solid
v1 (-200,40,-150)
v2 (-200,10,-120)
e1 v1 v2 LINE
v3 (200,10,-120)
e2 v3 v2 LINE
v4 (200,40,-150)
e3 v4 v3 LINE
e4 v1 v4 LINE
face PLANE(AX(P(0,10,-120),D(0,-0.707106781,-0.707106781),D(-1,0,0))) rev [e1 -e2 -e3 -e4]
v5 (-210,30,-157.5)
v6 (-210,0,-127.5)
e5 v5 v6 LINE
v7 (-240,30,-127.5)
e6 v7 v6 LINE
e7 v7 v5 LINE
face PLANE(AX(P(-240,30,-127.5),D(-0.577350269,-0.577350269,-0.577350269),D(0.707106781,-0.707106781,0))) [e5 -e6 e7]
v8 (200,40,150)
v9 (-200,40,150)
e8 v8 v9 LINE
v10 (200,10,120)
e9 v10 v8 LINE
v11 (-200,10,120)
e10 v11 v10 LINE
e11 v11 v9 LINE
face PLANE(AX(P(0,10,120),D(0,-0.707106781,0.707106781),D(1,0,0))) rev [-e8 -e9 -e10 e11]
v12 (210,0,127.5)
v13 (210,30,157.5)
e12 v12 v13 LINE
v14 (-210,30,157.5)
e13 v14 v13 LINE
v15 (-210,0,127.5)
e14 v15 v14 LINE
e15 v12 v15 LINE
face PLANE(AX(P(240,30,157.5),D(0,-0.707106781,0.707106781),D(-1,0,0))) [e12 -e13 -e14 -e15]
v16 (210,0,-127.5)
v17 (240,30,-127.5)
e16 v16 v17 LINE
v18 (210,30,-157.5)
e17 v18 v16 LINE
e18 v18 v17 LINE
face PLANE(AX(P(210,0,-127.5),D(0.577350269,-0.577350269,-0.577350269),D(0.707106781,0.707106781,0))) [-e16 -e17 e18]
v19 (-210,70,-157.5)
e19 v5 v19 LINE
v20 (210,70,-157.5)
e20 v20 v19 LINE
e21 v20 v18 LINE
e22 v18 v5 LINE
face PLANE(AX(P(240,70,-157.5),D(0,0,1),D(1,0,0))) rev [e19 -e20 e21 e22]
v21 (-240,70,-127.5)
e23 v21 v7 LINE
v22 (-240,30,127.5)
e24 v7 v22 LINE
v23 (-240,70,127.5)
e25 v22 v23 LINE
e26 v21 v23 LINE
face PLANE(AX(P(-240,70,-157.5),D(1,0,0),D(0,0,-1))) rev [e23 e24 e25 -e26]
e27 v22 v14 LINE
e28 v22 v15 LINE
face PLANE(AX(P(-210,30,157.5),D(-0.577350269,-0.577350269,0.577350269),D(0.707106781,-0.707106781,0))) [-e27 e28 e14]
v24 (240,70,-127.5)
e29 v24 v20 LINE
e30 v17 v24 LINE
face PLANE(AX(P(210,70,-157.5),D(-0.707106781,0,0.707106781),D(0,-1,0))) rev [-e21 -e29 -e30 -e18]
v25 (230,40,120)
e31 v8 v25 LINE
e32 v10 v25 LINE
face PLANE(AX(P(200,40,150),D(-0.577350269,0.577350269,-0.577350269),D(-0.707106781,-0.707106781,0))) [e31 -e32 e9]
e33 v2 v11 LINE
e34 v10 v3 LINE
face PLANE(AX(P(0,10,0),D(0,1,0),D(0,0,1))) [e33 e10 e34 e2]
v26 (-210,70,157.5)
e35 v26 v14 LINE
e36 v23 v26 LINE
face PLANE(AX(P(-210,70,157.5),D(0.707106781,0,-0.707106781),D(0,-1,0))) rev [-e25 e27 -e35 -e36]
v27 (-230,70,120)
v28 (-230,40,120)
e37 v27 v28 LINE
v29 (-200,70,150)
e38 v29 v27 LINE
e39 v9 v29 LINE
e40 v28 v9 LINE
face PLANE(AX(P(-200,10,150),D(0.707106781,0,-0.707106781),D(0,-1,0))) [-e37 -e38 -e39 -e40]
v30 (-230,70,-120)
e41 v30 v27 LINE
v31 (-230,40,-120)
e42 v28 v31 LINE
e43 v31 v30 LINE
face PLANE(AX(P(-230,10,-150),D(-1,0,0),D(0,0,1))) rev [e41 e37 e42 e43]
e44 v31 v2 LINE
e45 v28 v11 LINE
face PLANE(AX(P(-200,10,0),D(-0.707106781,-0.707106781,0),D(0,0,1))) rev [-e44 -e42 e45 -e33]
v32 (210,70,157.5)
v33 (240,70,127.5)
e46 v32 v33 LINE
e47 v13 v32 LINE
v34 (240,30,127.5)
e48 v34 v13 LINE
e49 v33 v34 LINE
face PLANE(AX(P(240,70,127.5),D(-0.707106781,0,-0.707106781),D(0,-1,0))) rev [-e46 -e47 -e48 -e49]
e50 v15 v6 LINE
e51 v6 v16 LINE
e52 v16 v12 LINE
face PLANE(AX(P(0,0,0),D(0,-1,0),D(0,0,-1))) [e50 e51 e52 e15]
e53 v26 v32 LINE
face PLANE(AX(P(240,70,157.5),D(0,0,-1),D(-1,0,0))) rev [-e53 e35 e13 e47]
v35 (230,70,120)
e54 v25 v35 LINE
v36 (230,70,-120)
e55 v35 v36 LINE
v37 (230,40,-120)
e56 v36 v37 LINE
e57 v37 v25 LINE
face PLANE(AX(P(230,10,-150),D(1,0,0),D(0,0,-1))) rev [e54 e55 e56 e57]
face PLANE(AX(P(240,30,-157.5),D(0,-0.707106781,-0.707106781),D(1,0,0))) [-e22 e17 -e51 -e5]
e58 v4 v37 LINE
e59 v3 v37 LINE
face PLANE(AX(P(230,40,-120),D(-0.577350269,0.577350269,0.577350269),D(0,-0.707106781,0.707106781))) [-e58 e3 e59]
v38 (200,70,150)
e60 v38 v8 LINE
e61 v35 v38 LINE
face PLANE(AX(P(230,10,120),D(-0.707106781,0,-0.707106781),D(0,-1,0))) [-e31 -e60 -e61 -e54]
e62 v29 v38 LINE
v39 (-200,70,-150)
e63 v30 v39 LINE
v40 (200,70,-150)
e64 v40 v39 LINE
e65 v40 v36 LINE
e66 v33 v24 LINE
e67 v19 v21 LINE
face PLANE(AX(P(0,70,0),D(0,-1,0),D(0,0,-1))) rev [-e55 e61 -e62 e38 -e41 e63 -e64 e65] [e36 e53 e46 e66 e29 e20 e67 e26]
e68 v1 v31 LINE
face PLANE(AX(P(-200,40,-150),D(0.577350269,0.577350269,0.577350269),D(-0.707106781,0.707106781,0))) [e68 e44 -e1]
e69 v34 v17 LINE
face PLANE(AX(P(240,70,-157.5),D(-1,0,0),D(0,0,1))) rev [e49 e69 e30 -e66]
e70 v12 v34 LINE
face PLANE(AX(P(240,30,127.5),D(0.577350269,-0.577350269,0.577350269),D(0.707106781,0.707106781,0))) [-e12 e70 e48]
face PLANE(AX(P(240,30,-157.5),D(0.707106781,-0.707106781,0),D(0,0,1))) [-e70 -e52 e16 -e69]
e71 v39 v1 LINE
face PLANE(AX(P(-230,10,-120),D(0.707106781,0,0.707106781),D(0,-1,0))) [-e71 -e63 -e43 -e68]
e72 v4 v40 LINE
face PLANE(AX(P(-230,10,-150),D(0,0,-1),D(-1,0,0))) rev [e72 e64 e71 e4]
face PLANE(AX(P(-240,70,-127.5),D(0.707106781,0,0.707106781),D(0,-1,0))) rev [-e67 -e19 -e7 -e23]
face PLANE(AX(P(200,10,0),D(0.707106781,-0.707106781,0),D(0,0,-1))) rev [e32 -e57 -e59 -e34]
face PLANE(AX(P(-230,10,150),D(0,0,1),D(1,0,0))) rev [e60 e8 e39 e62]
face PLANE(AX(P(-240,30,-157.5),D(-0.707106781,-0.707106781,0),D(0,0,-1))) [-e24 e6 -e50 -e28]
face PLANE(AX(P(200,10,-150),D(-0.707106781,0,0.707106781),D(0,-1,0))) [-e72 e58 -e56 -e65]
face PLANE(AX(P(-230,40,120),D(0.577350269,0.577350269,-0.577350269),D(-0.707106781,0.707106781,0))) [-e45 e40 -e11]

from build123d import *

# Parameters (mm, degrees)
SKETCH1_W           = 480
SKETCH1_H           = 315
BOSS_EXTRUDE1_DEPTH = 70
SKETCH3_W           = 460
SKETCH3_H           = 300
CUT_EXTRUDE1_DEPTH  = 60
CHAMFER1_SIZE       = 30


with BuildPart() as part:
    # Sketch1 → Boss-Extrude1 (new body)
    with BuildSketch(Plane(origin=(0, 0, 0), x_dir=(1, 0, 0), z_dir=(0, 1, 0))):
        Rectangle(SKETCH1_W, SKETCH1_H)
    extrude(amount=BOSS_EXTRUDE1_DEPTH)

    # Sketch3 → Cut-Extrude1 (cut)
    with BuildSketch(Plane(origin=(0, 70, 0), x_dir=(1, 0, 0), z_dir=(0, 1, 0))):
        Rectangle(SKETCH3_W, SKETCH3_H)
    extrude(amount=-CUT_EXTRUDE1_DEPTH, mode=Mode.SUBTRACT)

    # Chamfer1
    chamfer1_edges = [part.edges().sort_by_distance(p)[0] for p in [
        (230, 10, 0),
        (230, 40, -150),
        (0, 10, 150),
        (230, 40, 150),
        (-230, 10, 0),
        (-230, 40, 150),
        (0, 10, -150),
        (-230, 40, -150),
        (0, 0, -157.5),
        (240, 0, 0),
        (0, 0, 157.5),
        (-240, 0, 0),
        (-240, 35, -157.5),
        (240, 35, -157.5),
        (240, 35, 157.5),
        (-240, 35, 157.5),
    ]]
    chamfer(chamfer1_edges, length=CHAMFER1_SIZE)


solid = part.part
